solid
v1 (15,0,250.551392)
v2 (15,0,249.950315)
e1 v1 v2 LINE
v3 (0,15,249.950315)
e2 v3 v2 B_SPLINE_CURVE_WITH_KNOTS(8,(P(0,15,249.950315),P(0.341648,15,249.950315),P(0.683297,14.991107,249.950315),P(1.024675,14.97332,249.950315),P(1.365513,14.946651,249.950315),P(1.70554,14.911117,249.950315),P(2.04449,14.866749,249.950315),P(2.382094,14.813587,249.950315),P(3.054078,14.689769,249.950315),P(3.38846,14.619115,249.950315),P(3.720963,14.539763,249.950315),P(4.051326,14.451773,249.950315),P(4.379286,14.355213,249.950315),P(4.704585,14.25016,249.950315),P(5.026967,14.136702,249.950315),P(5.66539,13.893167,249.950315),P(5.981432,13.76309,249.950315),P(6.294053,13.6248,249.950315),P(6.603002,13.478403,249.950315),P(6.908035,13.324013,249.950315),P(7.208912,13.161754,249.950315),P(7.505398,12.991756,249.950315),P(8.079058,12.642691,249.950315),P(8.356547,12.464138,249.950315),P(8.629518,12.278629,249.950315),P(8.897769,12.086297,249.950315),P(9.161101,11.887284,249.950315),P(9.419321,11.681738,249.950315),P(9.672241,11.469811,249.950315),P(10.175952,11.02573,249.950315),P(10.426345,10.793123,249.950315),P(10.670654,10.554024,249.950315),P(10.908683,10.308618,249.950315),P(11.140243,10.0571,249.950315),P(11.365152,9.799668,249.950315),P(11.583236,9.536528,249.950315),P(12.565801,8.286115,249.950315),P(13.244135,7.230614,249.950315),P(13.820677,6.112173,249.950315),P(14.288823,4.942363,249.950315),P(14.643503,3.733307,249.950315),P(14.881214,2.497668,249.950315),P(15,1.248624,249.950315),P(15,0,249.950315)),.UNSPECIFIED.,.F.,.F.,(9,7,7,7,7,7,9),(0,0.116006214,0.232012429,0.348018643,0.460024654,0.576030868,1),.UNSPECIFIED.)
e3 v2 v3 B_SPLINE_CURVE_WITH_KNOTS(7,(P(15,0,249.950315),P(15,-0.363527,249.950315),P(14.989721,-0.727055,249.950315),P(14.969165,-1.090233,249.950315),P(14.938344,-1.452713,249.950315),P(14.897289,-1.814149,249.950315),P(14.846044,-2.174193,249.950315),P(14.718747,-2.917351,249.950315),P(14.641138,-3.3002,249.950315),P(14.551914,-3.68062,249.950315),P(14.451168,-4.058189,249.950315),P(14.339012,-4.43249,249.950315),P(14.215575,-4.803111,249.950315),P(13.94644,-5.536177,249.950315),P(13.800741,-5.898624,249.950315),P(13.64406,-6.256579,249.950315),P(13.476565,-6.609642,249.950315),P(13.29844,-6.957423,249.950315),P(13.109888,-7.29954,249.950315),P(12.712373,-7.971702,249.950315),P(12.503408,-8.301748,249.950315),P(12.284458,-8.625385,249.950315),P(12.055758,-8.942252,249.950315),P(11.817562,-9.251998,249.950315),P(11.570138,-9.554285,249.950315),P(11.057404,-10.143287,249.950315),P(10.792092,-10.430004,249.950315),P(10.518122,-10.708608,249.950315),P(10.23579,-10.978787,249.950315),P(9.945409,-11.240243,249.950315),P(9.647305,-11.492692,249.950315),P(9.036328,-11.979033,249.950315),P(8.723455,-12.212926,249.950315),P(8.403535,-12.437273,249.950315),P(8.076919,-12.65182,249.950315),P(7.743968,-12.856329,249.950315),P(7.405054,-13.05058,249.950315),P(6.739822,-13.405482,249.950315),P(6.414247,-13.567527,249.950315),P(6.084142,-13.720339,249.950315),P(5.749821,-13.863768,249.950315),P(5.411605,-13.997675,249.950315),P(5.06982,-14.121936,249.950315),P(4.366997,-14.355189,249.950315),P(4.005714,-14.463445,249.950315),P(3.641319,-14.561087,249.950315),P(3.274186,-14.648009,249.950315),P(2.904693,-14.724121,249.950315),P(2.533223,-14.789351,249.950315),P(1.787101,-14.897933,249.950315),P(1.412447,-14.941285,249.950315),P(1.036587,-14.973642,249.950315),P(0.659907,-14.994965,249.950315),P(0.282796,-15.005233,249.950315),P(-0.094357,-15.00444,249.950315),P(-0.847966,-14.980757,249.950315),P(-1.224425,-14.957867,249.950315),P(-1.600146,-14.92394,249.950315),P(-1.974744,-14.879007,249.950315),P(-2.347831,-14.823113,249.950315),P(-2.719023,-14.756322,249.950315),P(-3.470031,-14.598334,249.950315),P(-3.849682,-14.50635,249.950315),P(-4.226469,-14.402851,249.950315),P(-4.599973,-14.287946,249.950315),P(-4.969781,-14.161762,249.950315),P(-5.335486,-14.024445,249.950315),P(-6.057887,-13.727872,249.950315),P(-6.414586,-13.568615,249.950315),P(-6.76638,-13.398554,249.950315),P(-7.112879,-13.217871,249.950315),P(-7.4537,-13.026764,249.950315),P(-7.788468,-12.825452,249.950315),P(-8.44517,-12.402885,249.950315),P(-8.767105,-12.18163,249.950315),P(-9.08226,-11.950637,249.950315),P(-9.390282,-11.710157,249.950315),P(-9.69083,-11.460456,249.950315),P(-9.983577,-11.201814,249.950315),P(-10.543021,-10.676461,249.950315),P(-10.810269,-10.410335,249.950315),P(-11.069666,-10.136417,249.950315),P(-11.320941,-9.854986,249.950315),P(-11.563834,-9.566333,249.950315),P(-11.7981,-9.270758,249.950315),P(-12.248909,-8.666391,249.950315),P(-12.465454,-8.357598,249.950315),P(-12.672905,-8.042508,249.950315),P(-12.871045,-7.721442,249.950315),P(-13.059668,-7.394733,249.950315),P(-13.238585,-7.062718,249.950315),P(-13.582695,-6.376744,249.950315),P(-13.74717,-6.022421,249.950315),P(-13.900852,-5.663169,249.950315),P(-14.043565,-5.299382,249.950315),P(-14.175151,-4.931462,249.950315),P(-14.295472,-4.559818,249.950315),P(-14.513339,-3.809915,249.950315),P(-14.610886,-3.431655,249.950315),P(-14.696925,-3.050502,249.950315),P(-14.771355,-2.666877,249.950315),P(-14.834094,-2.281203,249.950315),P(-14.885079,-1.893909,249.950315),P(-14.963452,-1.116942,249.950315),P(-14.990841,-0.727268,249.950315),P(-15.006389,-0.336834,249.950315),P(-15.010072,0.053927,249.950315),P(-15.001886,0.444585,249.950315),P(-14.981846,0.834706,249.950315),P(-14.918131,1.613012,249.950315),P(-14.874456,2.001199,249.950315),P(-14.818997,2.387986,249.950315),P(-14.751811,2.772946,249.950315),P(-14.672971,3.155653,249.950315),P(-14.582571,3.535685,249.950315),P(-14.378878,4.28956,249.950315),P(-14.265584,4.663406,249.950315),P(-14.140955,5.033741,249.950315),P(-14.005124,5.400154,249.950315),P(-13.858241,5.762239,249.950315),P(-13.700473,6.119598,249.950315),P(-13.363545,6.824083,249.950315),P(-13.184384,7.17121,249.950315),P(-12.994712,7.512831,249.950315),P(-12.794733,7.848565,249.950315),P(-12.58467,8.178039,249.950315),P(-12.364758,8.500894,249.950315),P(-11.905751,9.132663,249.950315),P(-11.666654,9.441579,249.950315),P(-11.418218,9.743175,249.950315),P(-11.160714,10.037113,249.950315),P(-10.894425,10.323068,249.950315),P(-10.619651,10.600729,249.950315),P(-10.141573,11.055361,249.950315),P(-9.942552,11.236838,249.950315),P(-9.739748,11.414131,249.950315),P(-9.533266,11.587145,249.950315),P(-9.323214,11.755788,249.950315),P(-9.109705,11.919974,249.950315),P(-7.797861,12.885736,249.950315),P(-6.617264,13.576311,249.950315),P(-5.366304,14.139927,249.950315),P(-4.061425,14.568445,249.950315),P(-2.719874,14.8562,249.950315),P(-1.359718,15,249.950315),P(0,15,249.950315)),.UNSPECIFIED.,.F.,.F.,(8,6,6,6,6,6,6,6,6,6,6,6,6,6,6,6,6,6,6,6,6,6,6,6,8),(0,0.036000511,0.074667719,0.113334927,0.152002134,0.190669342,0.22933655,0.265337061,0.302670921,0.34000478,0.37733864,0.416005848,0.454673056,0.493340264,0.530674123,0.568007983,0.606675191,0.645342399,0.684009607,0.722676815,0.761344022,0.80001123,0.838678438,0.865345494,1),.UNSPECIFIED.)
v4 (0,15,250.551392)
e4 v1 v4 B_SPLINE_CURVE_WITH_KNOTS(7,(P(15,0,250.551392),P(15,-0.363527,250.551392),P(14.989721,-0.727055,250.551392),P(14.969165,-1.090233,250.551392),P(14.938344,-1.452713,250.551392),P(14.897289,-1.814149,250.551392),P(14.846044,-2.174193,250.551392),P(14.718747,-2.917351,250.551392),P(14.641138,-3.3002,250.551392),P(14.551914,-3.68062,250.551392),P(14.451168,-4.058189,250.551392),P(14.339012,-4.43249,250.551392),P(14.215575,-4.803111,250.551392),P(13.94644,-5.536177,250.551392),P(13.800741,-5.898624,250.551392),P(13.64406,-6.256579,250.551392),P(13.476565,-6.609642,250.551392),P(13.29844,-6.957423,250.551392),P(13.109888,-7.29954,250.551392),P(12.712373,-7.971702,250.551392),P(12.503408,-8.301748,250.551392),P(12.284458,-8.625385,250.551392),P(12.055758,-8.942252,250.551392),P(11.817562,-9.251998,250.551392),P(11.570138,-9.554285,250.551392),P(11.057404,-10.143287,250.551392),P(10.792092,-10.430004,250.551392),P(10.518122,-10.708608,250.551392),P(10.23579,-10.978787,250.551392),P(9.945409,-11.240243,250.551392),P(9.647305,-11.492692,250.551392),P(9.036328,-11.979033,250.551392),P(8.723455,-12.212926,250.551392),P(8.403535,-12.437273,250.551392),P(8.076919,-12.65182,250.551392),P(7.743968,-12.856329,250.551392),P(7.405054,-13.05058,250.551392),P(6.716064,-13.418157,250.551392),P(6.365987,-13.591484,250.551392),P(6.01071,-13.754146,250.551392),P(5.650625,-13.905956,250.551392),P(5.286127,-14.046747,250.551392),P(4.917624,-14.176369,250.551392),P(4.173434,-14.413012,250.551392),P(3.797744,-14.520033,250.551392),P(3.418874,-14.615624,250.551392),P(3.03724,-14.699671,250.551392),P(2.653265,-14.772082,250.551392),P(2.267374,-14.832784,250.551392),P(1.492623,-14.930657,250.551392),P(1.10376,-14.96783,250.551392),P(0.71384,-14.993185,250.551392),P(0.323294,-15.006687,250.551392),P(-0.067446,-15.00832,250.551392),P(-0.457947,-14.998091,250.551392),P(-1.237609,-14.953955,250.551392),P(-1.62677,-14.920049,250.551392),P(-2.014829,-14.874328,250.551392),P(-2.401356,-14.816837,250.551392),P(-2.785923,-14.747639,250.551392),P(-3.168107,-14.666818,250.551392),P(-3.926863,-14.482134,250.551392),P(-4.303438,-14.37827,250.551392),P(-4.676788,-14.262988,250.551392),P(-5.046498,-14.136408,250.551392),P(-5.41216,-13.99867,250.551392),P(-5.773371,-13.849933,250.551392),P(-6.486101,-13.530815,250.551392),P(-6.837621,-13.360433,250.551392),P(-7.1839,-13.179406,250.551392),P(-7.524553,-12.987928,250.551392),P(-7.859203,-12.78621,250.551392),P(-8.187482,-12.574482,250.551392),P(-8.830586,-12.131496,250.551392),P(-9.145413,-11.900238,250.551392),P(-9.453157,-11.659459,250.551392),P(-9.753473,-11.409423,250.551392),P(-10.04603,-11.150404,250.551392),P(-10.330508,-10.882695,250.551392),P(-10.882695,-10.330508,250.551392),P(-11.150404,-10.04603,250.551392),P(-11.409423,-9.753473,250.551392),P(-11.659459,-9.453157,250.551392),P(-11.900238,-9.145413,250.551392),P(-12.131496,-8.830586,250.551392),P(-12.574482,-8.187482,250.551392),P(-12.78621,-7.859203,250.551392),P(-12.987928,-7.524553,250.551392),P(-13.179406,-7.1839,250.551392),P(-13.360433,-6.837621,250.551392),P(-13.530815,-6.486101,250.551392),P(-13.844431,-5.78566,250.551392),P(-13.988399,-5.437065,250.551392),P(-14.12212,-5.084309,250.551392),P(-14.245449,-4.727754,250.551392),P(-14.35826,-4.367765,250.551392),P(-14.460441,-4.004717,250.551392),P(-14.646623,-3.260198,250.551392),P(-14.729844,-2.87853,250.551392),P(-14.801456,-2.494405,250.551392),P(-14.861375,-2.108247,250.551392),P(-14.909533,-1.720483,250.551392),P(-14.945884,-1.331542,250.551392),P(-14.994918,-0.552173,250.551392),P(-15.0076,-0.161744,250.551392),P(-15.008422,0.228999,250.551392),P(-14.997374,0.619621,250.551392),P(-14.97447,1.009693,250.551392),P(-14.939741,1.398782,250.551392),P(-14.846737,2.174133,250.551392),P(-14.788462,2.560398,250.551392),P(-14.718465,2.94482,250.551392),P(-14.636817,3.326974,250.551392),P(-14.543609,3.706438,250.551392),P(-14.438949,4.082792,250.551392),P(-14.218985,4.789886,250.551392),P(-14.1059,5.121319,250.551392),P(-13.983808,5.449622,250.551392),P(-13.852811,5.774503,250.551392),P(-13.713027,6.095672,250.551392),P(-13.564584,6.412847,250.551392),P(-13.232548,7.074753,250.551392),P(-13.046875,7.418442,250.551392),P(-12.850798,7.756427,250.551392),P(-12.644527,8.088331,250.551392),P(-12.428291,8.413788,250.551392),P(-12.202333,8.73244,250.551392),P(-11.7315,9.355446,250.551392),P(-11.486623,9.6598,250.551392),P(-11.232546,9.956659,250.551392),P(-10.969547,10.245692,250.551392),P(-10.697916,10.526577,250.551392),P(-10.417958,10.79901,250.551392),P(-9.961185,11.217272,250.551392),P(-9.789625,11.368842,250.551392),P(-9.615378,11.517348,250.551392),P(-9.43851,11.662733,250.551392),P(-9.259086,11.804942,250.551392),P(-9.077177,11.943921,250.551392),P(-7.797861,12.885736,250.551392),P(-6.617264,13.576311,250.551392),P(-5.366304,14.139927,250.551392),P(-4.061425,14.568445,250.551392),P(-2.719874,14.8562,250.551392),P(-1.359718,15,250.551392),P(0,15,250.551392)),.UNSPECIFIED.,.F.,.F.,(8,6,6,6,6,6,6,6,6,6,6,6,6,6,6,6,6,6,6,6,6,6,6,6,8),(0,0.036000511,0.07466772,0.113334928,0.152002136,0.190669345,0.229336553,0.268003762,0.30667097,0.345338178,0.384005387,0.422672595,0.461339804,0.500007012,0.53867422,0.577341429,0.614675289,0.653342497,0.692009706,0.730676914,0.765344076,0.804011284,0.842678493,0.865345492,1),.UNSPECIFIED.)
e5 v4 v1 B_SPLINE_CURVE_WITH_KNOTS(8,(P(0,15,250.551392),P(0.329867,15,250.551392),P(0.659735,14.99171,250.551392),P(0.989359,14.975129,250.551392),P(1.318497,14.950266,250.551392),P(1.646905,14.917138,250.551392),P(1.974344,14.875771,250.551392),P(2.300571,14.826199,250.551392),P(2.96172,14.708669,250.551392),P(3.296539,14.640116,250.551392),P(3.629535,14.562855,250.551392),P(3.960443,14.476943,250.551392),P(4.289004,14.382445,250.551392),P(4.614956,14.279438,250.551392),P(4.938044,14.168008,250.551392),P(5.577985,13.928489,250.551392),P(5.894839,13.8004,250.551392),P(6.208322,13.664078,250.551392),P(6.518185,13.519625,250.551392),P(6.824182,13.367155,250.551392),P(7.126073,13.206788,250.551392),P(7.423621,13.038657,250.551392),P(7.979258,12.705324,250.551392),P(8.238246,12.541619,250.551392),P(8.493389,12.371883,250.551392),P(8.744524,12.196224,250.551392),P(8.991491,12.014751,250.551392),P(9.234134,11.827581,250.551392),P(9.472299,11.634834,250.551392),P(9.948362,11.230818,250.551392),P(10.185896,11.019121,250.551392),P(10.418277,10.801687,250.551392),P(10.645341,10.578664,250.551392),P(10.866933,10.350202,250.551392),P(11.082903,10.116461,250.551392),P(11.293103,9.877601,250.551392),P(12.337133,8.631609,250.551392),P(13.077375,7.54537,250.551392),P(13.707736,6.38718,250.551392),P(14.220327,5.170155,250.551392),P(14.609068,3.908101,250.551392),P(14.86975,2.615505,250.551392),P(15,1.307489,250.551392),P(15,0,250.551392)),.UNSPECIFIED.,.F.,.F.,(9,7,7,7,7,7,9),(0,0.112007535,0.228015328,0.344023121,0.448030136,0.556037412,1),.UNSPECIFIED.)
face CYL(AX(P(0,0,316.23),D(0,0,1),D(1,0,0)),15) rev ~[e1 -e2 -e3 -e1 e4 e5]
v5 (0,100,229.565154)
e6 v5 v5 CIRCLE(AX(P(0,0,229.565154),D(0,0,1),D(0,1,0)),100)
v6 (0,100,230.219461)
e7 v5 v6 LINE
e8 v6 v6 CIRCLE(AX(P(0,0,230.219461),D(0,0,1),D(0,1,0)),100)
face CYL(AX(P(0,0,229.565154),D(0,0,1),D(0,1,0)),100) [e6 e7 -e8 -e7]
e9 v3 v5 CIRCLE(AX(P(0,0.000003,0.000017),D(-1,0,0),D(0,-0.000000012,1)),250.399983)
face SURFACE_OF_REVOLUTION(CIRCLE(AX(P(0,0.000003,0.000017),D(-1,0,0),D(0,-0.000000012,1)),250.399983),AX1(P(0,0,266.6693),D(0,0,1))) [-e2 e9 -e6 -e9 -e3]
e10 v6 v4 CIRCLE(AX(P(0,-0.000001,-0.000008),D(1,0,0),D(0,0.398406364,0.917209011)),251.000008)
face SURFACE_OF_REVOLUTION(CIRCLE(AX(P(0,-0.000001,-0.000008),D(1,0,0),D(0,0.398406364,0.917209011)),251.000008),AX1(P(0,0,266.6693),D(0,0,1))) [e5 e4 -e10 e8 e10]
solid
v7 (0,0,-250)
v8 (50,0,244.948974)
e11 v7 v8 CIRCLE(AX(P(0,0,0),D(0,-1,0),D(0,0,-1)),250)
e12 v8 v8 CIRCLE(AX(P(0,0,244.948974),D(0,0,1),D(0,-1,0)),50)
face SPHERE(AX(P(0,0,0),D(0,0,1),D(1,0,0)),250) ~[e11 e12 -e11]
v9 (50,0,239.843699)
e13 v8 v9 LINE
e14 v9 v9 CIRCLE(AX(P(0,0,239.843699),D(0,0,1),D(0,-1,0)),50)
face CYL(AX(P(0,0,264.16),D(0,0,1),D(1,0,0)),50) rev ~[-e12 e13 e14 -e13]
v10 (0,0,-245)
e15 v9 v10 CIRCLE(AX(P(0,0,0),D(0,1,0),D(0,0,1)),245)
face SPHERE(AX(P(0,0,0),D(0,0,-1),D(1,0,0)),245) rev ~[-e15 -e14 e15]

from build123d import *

# Parameters (mm, degrees)
F3_R     = 50
F4_DEPTH = 76.2
F8_R     = 15
F9_DEPTH = 114.3


with BuildPart() as f1:
    # F0 (on Front) → F1 (revolve)
    with BuildSketch(Plane.XZ):
        with BuildLine():
            Line((0, -245), (0, -250))
            ThreePointArc((0, -250), (250, 0), (0, 250))
            Line((0, 250), (0, 245))
            ThreePointArc((0, 245), (245, 0), (0, -245))
        make_face()
    revolve(axis=Axis((0, 0, 257.264091), (0, 0, -1)))

    # F3 (on offset) → F4 (cut)
    with BuildSketch(Plane.XY.offset(264.16)):
        Circle(F3_R)
    extrude(amount=-F4_DEPTH, mode=Mode.SUBTRACT)


with BuildPart() as f6:
    # F5 (on Right) → F6 (revolve)
    with BuildSketch(Plane.YZ):
        with BuildLine():
            Line((0, 251), (0, 250.4))
            ThreePointArc((0, 250.4), (51.073699, 245.135957), (100, 229.565154))
            Line((100, 229.565154), (100, 230.219461))
            ThreePointArc((100, 230.219461), (51.068167, 245.749959), (0, 251))
        make_face()
    revolve(axis=Axis((0, 0, 266.6693), (0, 0, 1)))

    # F8 (on offset) → F9 (cut)
    with BuildSketch(Plane.XY.offset(316.23)):
        Circle(F8_R)
    extrude(amount=-F9_DEPTH, mode=Mode.SUBTRACT)


solid = Compound([f1.part, f6.part])
